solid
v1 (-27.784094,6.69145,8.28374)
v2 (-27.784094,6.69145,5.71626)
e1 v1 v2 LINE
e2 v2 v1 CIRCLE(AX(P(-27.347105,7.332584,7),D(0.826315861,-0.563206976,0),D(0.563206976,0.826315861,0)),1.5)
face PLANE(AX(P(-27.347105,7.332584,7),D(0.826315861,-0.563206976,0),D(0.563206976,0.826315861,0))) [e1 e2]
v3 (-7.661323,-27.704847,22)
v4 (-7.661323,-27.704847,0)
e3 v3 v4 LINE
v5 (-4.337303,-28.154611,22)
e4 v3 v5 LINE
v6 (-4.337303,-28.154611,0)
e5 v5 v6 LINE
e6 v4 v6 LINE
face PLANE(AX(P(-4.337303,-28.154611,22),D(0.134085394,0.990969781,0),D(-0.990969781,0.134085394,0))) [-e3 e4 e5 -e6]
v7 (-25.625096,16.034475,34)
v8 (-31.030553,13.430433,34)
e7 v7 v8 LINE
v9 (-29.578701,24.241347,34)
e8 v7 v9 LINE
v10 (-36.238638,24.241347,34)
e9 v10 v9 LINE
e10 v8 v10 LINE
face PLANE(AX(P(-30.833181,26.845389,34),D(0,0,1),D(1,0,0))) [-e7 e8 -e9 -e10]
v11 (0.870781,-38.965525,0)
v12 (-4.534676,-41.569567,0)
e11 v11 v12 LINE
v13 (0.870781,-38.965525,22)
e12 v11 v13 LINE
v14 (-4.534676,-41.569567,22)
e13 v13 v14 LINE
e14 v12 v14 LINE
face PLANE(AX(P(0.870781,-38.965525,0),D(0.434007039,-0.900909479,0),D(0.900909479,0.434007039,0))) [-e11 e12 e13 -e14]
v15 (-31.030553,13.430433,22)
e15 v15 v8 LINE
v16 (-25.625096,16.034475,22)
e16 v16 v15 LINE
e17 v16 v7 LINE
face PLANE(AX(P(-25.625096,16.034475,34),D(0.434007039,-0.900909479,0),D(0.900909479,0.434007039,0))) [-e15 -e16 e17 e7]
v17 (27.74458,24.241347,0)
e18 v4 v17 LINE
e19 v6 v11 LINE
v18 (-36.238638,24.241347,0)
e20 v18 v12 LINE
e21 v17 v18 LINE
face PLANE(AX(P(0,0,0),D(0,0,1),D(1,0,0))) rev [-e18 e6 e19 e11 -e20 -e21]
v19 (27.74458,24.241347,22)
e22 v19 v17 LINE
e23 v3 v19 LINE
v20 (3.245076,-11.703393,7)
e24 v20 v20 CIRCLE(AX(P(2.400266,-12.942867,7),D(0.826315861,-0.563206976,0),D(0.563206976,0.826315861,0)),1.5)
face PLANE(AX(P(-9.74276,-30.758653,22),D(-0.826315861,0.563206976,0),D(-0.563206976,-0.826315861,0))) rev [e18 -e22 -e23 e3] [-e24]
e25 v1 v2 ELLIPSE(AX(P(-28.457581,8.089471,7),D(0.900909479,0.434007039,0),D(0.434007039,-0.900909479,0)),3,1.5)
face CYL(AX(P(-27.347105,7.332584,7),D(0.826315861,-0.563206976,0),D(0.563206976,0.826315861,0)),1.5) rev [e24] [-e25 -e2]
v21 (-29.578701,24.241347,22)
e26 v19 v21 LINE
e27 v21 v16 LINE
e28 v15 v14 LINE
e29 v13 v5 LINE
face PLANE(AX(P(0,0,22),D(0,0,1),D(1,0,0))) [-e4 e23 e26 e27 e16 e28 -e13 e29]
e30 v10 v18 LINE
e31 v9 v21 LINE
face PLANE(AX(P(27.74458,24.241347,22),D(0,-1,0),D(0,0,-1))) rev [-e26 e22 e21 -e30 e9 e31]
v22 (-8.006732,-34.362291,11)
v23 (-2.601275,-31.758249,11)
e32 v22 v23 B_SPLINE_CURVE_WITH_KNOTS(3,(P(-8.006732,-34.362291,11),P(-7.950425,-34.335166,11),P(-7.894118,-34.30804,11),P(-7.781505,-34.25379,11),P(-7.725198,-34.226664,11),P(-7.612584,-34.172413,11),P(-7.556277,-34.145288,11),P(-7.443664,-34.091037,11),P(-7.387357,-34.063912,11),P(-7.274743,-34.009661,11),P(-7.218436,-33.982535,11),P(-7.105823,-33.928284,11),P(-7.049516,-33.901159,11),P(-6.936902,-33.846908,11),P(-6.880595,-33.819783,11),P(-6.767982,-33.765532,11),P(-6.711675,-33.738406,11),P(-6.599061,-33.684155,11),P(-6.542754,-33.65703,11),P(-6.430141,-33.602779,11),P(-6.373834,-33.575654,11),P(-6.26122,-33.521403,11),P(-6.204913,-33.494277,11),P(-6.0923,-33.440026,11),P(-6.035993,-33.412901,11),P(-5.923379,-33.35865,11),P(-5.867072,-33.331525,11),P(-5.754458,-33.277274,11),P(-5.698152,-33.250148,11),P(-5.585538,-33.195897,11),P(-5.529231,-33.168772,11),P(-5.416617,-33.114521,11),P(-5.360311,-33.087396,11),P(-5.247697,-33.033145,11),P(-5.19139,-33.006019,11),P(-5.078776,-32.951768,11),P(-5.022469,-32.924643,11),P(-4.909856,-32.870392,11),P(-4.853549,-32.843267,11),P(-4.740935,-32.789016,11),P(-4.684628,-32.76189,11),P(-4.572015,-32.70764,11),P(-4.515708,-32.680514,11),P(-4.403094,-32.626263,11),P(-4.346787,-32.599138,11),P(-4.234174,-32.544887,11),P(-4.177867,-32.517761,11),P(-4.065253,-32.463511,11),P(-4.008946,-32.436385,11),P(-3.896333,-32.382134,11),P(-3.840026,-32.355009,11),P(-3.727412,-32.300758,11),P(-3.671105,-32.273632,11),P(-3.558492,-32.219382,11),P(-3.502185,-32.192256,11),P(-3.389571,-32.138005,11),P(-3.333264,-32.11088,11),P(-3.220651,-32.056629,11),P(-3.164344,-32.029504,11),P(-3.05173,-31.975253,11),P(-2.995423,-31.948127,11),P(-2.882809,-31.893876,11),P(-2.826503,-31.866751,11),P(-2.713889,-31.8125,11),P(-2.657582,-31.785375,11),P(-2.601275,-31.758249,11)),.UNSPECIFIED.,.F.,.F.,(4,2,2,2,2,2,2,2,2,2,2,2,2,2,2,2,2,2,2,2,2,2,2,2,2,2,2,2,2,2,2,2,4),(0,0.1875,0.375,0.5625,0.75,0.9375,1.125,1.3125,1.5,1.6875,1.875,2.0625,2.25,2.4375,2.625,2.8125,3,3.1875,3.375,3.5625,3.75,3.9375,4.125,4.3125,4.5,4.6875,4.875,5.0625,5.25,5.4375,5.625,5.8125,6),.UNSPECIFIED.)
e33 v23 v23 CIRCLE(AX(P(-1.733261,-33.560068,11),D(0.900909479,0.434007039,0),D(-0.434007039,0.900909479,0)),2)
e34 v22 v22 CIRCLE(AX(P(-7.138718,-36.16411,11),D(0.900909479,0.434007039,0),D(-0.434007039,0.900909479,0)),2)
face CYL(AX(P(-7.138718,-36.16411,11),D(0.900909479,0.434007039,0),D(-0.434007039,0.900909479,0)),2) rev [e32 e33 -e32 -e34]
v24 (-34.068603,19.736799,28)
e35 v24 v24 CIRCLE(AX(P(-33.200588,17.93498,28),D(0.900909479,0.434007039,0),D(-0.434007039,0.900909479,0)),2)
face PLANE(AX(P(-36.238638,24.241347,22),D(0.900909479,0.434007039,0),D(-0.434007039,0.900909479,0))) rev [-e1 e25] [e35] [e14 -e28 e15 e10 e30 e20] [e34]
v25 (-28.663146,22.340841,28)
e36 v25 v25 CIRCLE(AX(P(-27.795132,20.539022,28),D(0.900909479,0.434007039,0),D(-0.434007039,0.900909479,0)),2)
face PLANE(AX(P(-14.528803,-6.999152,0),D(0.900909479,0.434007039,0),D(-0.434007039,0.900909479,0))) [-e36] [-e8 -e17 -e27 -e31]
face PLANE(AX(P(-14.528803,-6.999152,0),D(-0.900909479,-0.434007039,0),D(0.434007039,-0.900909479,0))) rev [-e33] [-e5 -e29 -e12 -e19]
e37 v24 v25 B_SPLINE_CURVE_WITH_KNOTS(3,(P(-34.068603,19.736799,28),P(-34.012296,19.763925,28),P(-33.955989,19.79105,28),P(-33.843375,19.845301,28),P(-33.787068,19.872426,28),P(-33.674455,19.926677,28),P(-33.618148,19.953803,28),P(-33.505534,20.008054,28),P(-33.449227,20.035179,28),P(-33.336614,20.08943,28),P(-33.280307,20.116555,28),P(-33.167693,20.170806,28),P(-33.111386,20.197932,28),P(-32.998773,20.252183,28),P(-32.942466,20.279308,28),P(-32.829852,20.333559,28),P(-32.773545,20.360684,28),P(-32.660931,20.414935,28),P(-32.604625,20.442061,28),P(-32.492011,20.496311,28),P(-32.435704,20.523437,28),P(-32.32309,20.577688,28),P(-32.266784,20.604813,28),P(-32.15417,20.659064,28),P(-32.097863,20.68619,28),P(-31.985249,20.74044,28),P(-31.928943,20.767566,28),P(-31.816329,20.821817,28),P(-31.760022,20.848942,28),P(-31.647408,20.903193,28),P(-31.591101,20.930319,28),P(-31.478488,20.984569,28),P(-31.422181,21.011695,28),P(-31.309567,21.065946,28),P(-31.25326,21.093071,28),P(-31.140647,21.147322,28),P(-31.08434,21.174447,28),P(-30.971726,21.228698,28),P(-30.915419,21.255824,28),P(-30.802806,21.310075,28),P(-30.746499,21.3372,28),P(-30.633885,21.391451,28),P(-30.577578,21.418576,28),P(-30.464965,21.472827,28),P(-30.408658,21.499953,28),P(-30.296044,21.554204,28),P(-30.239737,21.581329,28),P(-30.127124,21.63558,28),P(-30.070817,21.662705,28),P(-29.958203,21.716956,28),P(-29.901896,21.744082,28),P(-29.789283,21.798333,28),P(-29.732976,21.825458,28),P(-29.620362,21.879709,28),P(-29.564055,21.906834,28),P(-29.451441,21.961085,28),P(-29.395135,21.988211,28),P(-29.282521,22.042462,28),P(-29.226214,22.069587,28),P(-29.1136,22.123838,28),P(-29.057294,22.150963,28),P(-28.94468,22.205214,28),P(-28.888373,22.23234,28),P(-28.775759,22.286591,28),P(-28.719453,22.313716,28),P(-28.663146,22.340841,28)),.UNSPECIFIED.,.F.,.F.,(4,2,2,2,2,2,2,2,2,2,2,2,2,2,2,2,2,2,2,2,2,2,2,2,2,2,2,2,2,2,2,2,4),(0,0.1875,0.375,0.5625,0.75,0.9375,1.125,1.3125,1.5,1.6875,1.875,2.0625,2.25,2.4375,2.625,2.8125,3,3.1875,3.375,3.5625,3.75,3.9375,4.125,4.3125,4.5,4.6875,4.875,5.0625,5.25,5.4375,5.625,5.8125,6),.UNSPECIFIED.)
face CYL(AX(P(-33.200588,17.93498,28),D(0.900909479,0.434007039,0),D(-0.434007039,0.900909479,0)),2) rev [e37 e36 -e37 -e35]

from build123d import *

# Parameters (mm, degrees)
BOSS_EXTRUDE1_DEPTH = 22
SKETCH6_W           = 12
SKETCH6_H           = 12
SKETCH6_W_2         = 22
BOSS_EXTRUDE4_DEPTH = 6
BOSS_EXTRUDE5_DEPTH = 22
SKETCH9_R           = 2
CUT_EXTRUDE9_DEPTH  = 6
SKETCH10_R          = 1.5
CUT_EXTRUDE10_DEPTH = 36
CUT_EXTRUDE11_DEPTH = 20


with BuildPart() as part:
    # Sketch1 → Boss-Extrude1 (new body)
    with BuildSketch(Plane.XY):
        Polygon((-36.238637744, 24.241346543), (-9.742760301, -30.758653457), (27.744579766, 24.241346543), align=None)
    extrude(amount=BOSS_EXTRUDE1_DEPTH)

    # Sketch6 → Boss-Extrude4 (add)
    with BuildSketch(Plane(origin=(-19.934259386, -9.603194429, 0), x_dir=(0, 0, 1), z_dir=(-0.9009094793526655, -0.4340070391278342, 0))):
        with Locations((28, 31.567082762)):
            Rectangle(SKETCH6_W, SKETCH6_H)
        with Locations((11, -29.48233592)):
            Rectangle(SKETCH6_W_2, SKETCH6_H)
    extrude(amount=-BOSS_EXTRUDE4_DEPTH)


with BuildPart() as boss_extrude4_piece_1:
    # of the separate pieces the step leaves, piece 1, a body of its own (boss_extrude4_pieces)
    add(part.part.solids().sort_by_distance((-36.238637744, 24.241346543, 0))[0])



with BuildPart() as boss_extrude4_piece_2:
    # of the separate pieces the step leaves, piece 2, a body of its own (boss_extrude4_pieces)
    add(part.part.solids().sort_by_distance((-4.337303425, -28.154611222, 0))[0])


with BuildPart() as boss_extrude4_piece_1_1:
    add(boss_extrude4_piece_1.part)

    add(boss_extrude4_piece_2.part)  # Boss-Extrude5 merges Boss-Extrude4 piece 2
    # Sketch8 → Boss-Extrude5 (add)
    with BuildSketch(Plane(origin=(0, 0, 0), x_dir=(-1, 0, 0), z_dir=(0, 0, -1))):
        Polygon((9.742760301, -30.758653457), (4.337303425, -28.154611222), (7.661322683, -27.704847324), align=None)
    extrude(amount=-BOSS_EXTRUDE5_DEPTH)

    # Sketch9 → Cut-Extrude9 (cut)
    with BuildSketch(Plane(origin=(-14.52880251, -6.999152194, 0), x_dir=(0, 0, -1), z_dir=(0.9009094793526653, 0.43400703912783434, 0))):
        with Locations(Location((-28, 30.567082762, 0), (0, 0, 90))):
            Circle(SKETCH9_R)
        with Locations(Location((-11, -29.48233592, 0), (0, 0, 90))):
            Circle(SKETCH9_R)
    extrude(amount=-CUT_EXTRUDE9_DEPTH, mode=Mode.SUBTRACT)

    # Sketch10 → Cut-Extrude10 (cut)
    with BuildSketch(Plane(origin=(7.662336774, -5.222556806, 0), x_dir=(0, 0, -1), z_dir=(0.8263158609823067, -0.5632069760656995, 0))):
        with Locations(Location((-7, -9.343049988, 0), (0, 0, 90))):
            Circle(SKETCH10_R)
    extrude(amount=-CUT_EXTRUDE10_DEPTH, mode=Mode.SUBTRACT)

    # Sketch12 → Cut-Extrude11 (cut)
    with BuildSketch(Plane(origin=(0, 0, 22), x_dir=(-1, 0, 0), z_dir=(0, 0, -1))):
        Polygon((30.833180868, 26.845388778), (29.578701161, 24.241346543), (36.238637744, 24.241346543), align=None)
    extrude(amount=-CUT_EXTRUDE11_DEPTH, mode=Mode.SUBTRACT)


solid = boss_extrude4_piece_1_1.part
